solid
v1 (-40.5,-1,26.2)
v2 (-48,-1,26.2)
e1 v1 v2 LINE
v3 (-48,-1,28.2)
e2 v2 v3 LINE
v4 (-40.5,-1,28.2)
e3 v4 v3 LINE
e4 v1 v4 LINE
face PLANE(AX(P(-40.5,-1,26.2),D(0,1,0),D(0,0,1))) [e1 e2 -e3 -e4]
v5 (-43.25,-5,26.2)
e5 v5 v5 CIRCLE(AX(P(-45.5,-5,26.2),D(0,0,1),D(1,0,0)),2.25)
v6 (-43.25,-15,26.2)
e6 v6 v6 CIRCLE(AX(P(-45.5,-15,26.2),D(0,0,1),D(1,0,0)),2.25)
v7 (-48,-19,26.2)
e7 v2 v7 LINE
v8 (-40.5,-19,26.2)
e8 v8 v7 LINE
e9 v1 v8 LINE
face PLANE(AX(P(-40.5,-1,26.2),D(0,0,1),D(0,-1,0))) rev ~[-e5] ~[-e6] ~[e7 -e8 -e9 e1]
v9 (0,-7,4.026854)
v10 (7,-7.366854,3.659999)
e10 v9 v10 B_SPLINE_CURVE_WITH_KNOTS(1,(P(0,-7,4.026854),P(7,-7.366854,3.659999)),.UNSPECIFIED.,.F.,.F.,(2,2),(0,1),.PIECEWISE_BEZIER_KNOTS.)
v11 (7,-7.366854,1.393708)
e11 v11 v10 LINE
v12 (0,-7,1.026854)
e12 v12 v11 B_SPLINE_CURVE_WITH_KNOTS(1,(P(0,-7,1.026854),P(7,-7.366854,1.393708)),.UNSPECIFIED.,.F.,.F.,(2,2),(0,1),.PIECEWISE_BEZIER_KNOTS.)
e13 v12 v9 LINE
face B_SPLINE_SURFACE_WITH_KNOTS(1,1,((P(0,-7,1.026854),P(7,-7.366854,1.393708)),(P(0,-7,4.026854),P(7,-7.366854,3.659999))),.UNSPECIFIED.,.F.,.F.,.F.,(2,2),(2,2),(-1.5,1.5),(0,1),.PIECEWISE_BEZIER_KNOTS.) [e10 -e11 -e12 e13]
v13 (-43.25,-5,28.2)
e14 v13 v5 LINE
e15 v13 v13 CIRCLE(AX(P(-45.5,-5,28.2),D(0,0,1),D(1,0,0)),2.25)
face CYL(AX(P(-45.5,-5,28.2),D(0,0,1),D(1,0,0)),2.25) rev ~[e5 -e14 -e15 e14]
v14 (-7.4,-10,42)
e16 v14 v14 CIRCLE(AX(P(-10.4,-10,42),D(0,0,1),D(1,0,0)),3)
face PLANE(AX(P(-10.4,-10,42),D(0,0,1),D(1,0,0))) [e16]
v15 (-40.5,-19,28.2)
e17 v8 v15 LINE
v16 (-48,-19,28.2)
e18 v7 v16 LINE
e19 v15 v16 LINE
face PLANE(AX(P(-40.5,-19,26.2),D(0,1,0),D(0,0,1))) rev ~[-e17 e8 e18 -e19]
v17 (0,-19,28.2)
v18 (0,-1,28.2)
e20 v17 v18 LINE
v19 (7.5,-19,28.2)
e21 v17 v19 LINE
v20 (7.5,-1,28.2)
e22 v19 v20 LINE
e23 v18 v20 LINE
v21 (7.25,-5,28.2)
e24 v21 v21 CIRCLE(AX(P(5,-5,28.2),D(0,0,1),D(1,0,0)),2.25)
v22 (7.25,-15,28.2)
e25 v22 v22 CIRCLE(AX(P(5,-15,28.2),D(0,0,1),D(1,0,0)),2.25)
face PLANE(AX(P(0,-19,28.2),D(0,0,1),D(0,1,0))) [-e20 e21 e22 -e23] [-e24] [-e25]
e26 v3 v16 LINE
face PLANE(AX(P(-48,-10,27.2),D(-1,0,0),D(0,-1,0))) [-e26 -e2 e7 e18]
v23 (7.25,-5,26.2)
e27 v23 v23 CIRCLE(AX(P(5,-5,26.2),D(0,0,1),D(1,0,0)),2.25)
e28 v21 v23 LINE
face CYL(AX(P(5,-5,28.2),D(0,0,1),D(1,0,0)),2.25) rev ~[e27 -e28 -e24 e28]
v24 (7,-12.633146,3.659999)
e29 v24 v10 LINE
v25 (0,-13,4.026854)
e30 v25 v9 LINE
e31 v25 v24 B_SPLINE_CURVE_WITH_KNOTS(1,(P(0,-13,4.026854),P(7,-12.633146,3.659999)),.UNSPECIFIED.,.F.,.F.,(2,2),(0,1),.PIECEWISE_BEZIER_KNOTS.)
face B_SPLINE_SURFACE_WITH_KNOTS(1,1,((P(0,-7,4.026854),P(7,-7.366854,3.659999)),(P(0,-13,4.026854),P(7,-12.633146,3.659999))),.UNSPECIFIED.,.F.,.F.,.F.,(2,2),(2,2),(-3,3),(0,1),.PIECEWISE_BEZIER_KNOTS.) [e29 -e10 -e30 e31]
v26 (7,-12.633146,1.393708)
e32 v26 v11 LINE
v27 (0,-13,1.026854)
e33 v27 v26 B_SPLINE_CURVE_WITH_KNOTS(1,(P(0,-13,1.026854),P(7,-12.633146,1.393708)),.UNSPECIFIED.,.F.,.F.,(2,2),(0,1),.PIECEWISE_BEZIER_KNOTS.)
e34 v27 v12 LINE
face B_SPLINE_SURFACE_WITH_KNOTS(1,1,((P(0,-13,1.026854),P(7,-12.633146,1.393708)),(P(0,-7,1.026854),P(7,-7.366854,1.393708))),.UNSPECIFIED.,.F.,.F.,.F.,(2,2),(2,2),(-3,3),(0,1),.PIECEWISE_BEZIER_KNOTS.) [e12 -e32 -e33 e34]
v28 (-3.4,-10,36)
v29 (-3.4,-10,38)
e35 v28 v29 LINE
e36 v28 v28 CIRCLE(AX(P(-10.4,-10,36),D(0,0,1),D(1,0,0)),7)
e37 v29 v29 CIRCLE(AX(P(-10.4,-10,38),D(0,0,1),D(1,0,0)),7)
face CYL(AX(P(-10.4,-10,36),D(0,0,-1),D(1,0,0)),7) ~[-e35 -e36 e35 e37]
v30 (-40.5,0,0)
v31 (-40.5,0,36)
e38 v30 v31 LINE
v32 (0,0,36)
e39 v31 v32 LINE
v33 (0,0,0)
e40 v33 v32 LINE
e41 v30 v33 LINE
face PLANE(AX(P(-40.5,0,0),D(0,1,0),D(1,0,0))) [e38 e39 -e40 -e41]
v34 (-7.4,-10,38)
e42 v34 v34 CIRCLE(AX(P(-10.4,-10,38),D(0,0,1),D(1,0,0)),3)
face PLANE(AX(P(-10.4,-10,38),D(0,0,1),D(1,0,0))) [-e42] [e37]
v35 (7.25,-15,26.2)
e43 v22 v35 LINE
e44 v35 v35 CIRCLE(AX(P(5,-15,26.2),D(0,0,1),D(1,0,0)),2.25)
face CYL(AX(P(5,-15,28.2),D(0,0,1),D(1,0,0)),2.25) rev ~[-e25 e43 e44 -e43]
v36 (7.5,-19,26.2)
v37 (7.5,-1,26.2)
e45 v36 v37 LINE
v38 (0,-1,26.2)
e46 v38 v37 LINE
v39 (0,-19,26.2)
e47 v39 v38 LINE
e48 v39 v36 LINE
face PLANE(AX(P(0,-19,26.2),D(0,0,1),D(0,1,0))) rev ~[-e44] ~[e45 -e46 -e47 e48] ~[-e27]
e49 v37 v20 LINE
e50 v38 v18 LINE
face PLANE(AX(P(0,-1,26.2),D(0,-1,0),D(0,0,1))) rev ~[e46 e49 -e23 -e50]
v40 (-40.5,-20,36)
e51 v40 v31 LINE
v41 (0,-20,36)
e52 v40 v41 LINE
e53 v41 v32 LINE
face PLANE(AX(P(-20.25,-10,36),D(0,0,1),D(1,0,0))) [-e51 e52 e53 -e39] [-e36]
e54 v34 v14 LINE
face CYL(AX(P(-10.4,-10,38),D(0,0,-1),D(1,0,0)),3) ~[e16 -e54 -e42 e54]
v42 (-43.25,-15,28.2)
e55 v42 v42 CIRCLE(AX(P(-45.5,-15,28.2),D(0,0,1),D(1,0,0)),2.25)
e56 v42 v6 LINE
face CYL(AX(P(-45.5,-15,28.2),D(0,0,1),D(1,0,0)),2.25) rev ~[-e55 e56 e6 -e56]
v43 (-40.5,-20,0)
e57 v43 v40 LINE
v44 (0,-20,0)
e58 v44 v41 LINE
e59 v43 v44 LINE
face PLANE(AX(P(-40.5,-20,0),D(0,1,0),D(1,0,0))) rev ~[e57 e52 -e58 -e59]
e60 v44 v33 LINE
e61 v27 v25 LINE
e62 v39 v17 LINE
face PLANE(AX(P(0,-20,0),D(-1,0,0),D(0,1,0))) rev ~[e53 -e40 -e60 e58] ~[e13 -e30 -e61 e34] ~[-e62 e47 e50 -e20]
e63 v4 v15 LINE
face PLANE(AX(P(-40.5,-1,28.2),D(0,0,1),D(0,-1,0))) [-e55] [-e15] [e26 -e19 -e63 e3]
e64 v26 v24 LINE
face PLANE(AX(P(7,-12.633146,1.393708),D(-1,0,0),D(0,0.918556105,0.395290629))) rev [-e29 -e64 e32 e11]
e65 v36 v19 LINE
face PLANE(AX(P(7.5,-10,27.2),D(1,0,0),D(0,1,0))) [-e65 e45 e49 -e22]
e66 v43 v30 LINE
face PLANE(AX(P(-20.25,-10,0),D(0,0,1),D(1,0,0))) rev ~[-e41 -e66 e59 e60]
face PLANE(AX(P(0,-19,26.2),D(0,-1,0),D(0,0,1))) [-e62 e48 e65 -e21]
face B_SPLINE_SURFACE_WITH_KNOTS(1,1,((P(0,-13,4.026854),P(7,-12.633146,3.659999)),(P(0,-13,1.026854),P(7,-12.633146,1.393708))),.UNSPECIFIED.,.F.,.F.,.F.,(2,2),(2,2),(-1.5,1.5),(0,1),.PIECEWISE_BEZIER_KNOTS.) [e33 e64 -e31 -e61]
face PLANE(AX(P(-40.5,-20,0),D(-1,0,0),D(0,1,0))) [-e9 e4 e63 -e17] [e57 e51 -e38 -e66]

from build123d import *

# Parameters (mm, degrees)
F0_W      = 40.5
F0_H      = 20
F1_DEPTH  = 36
F2_R      = 7
F3_DEPTH  = 2
F4_R      = 3
F5_DEPTH  = 4
F6_W      = 18
F6_H      = 2
F7_DEPTH  = 7.5
F8_W      = 18
F8_H      = 2
F9_DEPTH  = 7.5
F10_R     = 2.25
F11_DEPTH = 25
F12_W     = 6
F12_H     = 3
F13_DEPTH = 7
F13_TAPER = 3


with BuildPart() as f1:
    # F0 (on Top) → F1 (new body)
    with BuildSketch(Plane.XY):
        with Locations((-20.25, -10)):
            Rectangle(F0_W, F0_H)
    extrude(amount=F1_DEPTH)

    # F2 (on face) → F3 (join)
    with BuildSketch(Plane.XY.offset(36)):
        with Locations((-10.4, -10)):
            Circle(F2_R)
    extrude(amount=F3_DEPTH)

    # F4 (on face) → F5 (join)
    with BuildSketch(Plane.XY.offset(38)):
        with Locations((-10.4, -10)):
            Circle(F4_R)
    extrude(amount=F5_DEPTH)

    # F6 (on face) → F7 (join)
    with BuildSketch(Plane.YZ):
        with Locations((-10, 27.2)):
            Rectangle(F6_W, F6_H)
    extrude(amount=F7_DEPTH)

    # F8 (on face) → F9 (join)
    with BuildSketch(Plane(origin=(-40.5, 0, 0), x_dir=(0, -1, 0), z_dir=(-1, 0, 0))):
        with Locations((10, 27.2)):
            Rectangle(F8_W, F8_H)
    extrude(amount=F9_DEPTH)

    # F10 (on face) → F11 (cut)
    with BuildSketch(Plane.XY.offset(28.2)):
        with Locations((5, -15)):
            Circle(F10_R)
        with Locations((5, -5)):
            Circle(F10_R)
        with Locations((-45.5, -5)):
            Circle(F10_R)
        with Locations((-45.5, -15)):
            Circle(F10_R)
    extrude(amount=-F11_DEPTH, mode=Mode.SUBTRACT)

    # F12 (on face) → F13 (join)
    with BuildSketch(Plane.YZ):
        with Locations((-10, 2.5268535551)):
            Rectangle(F12_W, F12_H)
    extrude(amount=F13_DEPTH, taper=F13_TAPER)


solid = f1.part
